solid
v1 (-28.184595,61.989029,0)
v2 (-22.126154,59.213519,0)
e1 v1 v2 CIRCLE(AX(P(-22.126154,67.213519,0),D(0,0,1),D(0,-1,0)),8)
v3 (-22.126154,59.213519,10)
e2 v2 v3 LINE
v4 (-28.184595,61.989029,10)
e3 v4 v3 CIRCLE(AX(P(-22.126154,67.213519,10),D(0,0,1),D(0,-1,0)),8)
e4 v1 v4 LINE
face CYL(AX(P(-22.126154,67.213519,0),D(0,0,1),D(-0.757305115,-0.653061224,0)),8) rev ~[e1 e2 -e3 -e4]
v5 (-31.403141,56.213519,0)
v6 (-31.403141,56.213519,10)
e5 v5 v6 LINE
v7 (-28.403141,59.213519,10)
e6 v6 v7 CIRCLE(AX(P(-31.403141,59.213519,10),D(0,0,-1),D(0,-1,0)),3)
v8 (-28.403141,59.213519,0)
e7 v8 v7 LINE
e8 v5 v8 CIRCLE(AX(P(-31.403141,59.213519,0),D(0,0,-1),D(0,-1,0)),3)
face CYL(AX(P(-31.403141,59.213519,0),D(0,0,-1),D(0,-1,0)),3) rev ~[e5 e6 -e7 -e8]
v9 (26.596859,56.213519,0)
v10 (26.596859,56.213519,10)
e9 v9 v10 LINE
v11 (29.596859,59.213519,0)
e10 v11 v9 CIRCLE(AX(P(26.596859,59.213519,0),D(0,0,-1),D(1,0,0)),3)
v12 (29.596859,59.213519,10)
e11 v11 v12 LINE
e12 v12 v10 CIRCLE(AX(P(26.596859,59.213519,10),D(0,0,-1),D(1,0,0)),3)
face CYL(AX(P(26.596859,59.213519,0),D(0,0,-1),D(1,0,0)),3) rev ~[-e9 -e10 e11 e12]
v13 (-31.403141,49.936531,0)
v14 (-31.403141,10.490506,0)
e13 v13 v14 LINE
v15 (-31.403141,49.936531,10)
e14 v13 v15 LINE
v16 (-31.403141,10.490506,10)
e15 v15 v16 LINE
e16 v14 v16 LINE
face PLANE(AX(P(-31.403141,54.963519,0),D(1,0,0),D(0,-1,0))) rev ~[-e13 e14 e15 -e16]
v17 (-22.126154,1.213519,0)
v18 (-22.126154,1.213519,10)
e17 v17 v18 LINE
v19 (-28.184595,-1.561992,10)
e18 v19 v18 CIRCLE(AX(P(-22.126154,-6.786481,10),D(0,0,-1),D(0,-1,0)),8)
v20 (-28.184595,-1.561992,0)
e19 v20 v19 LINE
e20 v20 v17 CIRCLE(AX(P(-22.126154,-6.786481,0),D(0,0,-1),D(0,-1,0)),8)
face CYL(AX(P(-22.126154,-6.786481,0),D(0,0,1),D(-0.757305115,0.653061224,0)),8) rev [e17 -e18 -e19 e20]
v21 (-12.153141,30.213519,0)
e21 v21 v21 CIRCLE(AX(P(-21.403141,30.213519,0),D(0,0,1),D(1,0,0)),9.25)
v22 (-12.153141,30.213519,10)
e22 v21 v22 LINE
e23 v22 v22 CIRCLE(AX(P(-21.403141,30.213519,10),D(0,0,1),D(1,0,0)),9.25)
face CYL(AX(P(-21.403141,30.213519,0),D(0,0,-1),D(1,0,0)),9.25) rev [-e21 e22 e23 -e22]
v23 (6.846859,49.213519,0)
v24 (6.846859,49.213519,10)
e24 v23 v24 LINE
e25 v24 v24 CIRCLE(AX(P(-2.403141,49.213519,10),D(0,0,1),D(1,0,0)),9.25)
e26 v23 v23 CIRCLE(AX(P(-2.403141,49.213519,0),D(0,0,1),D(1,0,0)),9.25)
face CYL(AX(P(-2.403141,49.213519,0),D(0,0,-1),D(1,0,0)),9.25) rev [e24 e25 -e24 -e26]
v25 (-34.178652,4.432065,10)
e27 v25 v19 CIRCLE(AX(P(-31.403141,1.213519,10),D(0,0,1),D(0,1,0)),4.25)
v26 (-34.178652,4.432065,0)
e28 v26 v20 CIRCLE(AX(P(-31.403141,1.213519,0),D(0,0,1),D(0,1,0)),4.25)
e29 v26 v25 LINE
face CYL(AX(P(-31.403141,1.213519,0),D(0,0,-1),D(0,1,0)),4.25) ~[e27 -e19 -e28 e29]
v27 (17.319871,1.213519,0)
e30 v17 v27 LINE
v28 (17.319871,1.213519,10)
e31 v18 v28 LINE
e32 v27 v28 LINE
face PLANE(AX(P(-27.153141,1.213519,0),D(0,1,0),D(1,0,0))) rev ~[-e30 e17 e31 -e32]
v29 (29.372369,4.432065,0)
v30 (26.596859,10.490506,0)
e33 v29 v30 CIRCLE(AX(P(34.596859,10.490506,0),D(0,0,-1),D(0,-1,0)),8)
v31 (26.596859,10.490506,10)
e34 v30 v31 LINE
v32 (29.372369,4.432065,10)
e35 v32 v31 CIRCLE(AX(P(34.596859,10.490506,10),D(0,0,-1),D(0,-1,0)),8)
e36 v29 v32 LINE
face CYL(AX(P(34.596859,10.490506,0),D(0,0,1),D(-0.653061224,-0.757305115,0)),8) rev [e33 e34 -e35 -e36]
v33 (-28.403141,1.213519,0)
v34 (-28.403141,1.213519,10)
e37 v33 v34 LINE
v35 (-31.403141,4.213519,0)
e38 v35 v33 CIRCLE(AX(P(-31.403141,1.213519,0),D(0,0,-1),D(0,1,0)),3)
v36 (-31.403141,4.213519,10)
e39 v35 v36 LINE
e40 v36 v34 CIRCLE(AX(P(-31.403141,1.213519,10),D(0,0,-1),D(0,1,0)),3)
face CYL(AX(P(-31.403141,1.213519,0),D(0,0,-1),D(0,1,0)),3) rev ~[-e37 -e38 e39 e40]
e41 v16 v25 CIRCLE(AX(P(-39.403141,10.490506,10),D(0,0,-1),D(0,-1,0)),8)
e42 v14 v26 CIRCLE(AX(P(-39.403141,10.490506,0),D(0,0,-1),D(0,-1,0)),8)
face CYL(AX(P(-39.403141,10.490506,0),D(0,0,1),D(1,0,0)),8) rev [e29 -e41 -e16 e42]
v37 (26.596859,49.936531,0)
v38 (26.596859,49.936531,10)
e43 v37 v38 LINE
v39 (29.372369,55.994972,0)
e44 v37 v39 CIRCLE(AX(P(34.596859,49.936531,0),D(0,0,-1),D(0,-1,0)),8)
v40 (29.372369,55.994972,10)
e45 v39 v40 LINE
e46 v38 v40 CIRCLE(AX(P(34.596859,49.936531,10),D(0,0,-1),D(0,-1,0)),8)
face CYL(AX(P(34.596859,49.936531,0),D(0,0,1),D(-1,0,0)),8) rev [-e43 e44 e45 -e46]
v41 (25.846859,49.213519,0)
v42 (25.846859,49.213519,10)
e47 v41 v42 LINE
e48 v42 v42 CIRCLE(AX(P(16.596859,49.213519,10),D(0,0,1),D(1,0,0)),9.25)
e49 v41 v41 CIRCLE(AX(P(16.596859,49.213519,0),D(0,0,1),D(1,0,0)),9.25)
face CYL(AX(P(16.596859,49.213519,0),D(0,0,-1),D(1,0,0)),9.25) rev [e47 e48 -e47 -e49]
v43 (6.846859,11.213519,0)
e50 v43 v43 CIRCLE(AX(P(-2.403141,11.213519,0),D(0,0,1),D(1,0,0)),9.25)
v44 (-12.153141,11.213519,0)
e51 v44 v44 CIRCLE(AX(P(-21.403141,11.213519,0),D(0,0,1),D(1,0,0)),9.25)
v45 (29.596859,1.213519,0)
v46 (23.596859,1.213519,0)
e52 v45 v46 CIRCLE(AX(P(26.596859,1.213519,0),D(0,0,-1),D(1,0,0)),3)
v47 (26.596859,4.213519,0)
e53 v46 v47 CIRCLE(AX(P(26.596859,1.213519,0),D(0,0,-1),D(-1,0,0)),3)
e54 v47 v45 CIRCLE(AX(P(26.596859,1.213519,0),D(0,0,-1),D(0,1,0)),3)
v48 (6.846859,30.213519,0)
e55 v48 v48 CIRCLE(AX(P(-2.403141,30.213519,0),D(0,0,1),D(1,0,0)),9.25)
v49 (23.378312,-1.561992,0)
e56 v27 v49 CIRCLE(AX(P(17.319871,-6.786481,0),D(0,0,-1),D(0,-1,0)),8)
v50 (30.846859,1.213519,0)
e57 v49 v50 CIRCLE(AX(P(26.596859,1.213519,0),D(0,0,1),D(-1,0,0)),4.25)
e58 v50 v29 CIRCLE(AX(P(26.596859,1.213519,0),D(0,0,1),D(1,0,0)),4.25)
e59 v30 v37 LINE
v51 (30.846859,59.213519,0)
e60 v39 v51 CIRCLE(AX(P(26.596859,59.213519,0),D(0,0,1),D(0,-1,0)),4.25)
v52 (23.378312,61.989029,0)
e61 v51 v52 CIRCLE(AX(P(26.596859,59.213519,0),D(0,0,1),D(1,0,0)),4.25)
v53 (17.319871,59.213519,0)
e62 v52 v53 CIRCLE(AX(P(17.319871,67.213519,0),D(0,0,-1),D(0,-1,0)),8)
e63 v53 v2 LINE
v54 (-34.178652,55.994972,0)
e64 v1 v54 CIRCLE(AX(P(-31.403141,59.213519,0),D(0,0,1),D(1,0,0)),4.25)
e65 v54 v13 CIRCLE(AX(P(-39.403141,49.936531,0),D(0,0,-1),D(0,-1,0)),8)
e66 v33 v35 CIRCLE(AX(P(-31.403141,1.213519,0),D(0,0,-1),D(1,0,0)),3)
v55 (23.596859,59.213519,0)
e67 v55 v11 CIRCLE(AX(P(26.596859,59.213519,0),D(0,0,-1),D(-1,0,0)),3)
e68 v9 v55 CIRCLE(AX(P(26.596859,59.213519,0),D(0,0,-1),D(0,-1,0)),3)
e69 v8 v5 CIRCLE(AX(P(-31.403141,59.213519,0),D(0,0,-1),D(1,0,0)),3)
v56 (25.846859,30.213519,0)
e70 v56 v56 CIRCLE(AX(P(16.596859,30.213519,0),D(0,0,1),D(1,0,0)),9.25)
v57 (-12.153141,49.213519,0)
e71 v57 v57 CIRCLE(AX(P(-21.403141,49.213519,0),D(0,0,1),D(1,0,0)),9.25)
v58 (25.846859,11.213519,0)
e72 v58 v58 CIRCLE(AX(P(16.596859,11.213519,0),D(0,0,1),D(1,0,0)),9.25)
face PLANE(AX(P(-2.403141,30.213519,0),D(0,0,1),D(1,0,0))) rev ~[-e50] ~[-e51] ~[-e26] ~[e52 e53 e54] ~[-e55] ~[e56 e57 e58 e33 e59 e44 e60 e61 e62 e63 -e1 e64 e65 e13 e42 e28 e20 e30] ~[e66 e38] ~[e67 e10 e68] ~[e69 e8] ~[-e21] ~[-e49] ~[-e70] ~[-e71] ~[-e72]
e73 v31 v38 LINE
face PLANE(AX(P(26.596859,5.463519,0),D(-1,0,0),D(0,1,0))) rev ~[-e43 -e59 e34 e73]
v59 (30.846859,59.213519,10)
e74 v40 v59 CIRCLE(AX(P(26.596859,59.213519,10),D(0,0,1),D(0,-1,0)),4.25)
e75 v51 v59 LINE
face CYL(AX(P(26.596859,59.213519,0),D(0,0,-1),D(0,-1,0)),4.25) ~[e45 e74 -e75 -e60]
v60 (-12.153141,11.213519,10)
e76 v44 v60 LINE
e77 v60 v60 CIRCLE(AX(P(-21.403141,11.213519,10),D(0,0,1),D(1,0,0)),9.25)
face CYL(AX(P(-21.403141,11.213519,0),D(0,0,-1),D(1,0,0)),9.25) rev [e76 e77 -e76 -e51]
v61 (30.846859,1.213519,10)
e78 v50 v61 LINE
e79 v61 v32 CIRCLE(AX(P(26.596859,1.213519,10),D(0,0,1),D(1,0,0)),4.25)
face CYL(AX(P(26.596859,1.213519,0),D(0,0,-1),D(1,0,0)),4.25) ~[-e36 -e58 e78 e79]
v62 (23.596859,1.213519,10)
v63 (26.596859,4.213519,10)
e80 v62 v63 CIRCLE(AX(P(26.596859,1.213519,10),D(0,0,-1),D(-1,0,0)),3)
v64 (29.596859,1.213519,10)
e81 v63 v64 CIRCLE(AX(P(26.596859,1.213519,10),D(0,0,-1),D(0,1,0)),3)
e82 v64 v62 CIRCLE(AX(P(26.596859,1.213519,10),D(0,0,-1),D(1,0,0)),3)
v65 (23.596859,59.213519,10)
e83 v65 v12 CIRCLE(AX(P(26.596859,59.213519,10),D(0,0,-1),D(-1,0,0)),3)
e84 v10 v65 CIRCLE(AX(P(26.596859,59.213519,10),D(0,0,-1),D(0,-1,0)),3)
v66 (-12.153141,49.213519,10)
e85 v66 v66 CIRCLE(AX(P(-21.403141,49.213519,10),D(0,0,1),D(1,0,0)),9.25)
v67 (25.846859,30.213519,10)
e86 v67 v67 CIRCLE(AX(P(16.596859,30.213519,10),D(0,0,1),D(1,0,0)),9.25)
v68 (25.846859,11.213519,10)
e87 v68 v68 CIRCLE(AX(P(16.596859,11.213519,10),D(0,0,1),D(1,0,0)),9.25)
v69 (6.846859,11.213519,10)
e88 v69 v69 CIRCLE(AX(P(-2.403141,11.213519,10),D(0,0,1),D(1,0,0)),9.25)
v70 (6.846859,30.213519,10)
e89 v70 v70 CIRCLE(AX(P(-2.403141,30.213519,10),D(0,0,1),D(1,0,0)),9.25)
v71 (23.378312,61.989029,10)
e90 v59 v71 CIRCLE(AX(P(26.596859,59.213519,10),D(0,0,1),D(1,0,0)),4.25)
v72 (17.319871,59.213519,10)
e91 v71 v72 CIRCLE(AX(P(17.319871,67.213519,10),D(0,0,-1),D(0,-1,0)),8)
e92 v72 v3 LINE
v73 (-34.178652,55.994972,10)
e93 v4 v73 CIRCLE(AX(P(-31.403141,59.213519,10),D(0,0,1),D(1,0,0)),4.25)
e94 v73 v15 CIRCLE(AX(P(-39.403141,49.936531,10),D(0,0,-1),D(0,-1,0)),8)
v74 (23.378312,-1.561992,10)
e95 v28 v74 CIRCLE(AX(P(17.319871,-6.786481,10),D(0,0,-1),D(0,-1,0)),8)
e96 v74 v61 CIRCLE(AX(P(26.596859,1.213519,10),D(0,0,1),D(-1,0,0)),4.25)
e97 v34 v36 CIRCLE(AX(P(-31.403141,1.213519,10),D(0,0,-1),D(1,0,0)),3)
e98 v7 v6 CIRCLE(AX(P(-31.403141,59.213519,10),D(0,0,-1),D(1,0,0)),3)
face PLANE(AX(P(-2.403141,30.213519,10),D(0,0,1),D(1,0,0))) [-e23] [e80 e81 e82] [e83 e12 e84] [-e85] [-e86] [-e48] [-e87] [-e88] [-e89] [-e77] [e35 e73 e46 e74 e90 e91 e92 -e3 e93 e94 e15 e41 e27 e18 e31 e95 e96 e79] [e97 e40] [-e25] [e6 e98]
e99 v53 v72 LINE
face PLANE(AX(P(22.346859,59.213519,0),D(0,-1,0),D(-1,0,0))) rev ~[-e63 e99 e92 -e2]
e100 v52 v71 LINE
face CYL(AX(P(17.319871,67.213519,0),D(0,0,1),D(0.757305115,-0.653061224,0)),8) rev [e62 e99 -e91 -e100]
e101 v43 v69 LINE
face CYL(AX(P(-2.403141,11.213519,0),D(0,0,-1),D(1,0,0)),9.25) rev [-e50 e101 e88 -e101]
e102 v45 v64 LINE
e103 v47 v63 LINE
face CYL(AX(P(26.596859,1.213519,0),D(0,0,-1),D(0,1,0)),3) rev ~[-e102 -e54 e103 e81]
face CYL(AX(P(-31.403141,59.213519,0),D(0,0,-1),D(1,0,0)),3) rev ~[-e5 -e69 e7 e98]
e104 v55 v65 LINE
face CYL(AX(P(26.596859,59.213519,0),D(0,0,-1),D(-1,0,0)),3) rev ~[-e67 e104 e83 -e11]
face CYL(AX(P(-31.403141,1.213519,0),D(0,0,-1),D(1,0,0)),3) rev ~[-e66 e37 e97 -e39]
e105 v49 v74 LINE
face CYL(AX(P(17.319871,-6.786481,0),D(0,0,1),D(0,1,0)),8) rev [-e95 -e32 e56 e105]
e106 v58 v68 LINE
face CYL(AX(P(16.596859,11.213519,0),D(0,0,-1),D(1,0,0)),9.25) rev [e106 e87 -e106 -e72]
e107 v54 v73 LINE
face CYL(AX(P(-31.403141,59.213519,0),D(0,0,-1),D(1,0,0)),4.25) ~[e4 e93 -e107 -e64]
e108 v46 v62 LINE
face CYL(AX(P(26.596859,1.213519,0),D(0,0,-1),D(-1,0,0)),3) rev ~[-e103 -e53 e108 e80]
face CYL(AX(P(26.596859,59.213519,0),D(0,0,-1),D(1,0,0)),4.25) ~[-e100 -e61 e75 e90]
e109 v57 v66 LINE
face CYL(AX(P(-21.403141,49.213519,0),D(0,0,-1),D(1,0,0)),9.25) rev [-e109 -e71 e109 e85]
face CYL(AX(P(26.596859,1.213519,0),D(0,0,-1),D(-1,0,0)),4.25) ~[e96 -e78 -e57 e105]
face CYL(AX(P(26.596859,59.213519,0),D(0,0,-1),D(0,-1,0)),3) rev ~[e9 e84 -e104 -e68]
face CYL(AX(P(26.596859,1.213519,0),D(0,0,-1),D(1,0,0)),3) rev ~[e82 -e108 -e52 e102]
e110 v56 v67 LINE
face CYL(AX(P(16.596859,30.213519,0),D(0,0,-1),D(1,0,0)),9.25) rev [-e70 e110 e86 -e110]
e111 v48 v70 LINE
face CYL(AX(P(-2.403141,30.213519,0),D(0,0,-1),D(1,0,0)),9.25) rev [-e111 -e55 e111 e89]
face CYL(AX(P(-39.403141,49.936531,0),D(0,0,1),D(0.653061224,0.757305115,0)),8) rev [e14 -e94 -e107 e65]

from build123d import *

# Parameters (mm, degrees)
F0_R     = 9.25
F1_DEPTH = 10
F2_R     = 8


with BuildPart() as f1:
    # F0 (on Top) → F1 (new body)
    with BuildSketch(Plane.XY):
        with BuildLine():
            Line((22.3468586802, 59.2135186791), (-27.1531413198, 59.2135186791))
            ThreePointArc((-27.1531413198, 59.2135186791), (-28.3979374997, 56.2083148591), (-31.4031413198, 54.9635186791))
            Line((-31.4031413198, 54.9635186791), (-31.4031413198, 5.4635186791))
            ThreePointArc((-31.4031413198, 5.4635186791), (-28.3979374997, 4.2187224992), (-27.1531413198, 1.2135186791))
            Line((-27.1531413198, 1.2135186791), (22.3468586802, 1.2135186791))
            ThreePointArc((22.3468586802, 1.2135186791), (23.5916548602, 4.2187224992), (26.5968586802, 5.4635186791))
            Line((26.5968586802, 5.4635186791), (26.5968586802, 54.9635186791))
            ThreePointArc((26.5968586802, 54.9635186791), (23.5916548602, 56.2083148591), (22.3468586802, 59.2135186791))
        make_face()
        with Locations((-21.4031413198, 11.2135186791)):
            Circle(F0_R, mode=Mode.SUBTRACT)
        with Locations((-2.4031413198, 11.2135186791)):
            Circle(F0_R, mode=Mode.SUBTRACT)
        with Locations((16.5968586802, 11.2135186791)):
            Circle(F0_R, mode=Mode.SUBTRACT)
        with Locations((-21.4031413198, 30.2135186791)):
            Circle(F0_R, mode=Mode.SUBTRACT)
        with Locations((-21.4031413198, 49.2135186791)):
            Circle(F0_R, mode=Mode.SUBTRACT)
        with Locations((-2.4031413198, 30.2135186791)):
            Circle(F0_R, mode=Mode.SUBTRACT)
        with Locations((16.5968586802, 30.2135186791)):
            Circle(F0_R, mode=Mode.SUBTRACT)
        with Locations((-2.4031413198, 49.2135186791)):
            Circle(F0_R, mode=Mode.SUBTRACT)
        with Locations((16.5968586802, 49.2135186791)):
            Circle(F0_R, mode=Mode.SUBTRACT)
        with BuildLine():
            Line((-28.4031413198, 59.2135186791), (-27.1531413198, 59.2135186791))
            ThreePointArc((-27.1531413198, 59.2135186791), (-34.4083451398, 62.2187224992), (-31.4031413198, 54.9635186791))
            Line((-31.4031413198, 54.9635186791), (-31.4031413198, 56.2135186791))
            ThreePointArc((-31.4031413198, 56.2135186791), (-33.5244616633, 61.3348390227), (-28.4031413198, 59.2135186791))
        make_face()
        with BuildLine():
            ThreePointArc((-31.4031413198, 54.9635186791), (-28.3979374997, 56.2083148591), (-27.1531413198, 59.2135186791))
            Line((-27.1531413198, 59.2135186791), (-28.4031413198, 59.2135186791))
            ThreePointArc((-28.4031413198, 59.2135186791), (-29.2818209762, 57.0921983356), (-31.4031413198, 56.2135186791))
            Line((-31.4031413198, 56.2135186791), (-31.4031413198, 54.9635186791))
        make_face()
        with BuildLine():
            ThreePointArc((-27.1531413198, 1.2135186791), (-28.3979374997, 4.2187224992), (-31.4031413198, 5.4635186791))
            Line((-31.4031413198, 5.4635186791), (-31.4031413198, 4.2135186791))
            ThreePointArc((-31.4031413198, 4.2135186791), (-29.2818209762, 3.3348390227), (-28.4031413198, 1.2135186791))
            Line((-28.4031413198, 1.2135186791), (-27.1531413198, 1.2135186791))
        make_face()
        with BuildLine():
            Line((-31.4031413198, 4.2135186791), (-31.4031413198, 5.4635186791))
            ThreePointArc((-31.4031413198, 5.4635186791), (-34.4083451398, -1.7916851409), (-27.1531413198, 1.2135186791))
            Line((-27.1531413198, 1.2135186791), (-28.4031413198, 1.2135186791))
            ThreePointArc((-28.4031413198, 1.2135186791), (-33.5244616633, -0.9078016644), (-31.4031413198, 4.2135186791))
        make_face()
        with BuildLine():
            Line((26.5968586802, 4.2135186791), (26.5968586802, 5.4635186791))
            ThreePointArc((26.5968586802, 5.4635186791), (23.5916548602, 4.2187224992), (22.3468586802, 1.2135186791))
            Line((22.3468586802, 1.2135186791), (23.5968586802, 1.2135186791))
            ThreePointArc((23.5968586802, 1.2135186791), (24.4755383367, 3.3348390227), (26.5968586802, 4.2135186791))
        make_face()
        with BuildLine():
            ThreePointArc((30.8468586802, 1.2135186791), (29.6020625003, 4.2187224992), (26.5968586802, 5.4635186791))
            Line((26.5968586802, 5.4635186791), (26.5968586802, 4.2135186791))
            ThreePointArc((26.5968586802, 4.2135186791), (28.7181790238, 3.3348390227), (29.5968586802, 1.2135186791))
            ThreePointArc((29.5968586802, 1.2135186791), (26.5968586802, -1.7864813209), (23.5968586802, 1.2135186791))
            Line((23.5968586802, 1.2135186791), (22.3468586802, 1.2135186791))
            ThreePointArc((22.3468586802, 1.2135186791), (26.5968586802, -3.0364813209), (30.8468586802, 1.2135186791))
        make_face()
        with BuildLine():
            Line((23.5968586802, 59.2135186791), (22.3468586802, 59.2135186791))
            ThreePointArc((22.3468586802, 59.2135186791), (23.5916548602, 56.2083148591), (26.5968586802, 54.9635186791))
            Line((26.5968586802, 54.9635186791), (26.5968586802, 56.2135186791))
            ThreePointArc((26.5968586802, 56.2135186791), (24.4755383367, 57.0921983356), (23.5968586802, 59.2135186791))
        make_face()
        with BuildLine():
            ThreePointArc((30.8468586802, 59.2135186791), (26.5968586802, 63.4635186791), (22.3468586802, 59.2135186791))
            Line((22.3468586802, 59.2135186791), (23.5968586802, 59.2135186791))
            ThreePointArc((23.5968586802, 59.2135186791), (26.5968586802, 62.2135186791), (29.5968586802, 59.2135186791))
            ThreePointArc((29.5968586802, 59.2135186791), (28.7181790238, 57.0921983356), (26.5968586802, 56.2135186791))
            Line((26.5968586802, 56.2135186791), (26.5968586802, 54.9635186791))
            ThreePointArc((26.5968586802, 54.9635186791), (29.6020625003, 56.2083148591), (30.8468586802, 59.2135186791))
        make_face()
    extrude(amount=F1_DEPTH)

    # F2
    f2_edges = [f1.edges().sort_by_distance(p)[0] for p in [
        (26.596859, 54.963519, 5),
        (22.346859, 59.213519, 5),
        (-27.153141, 59.213519, 5),
        (-27.153141, 1.213519, 5),
        (-31.403141, 5.463519, 5),
        (-31.403141, 54.963519, 5),
        (22.346859, 1.213519, 5),
        (26.596859, 5.463519, 5),
    ]]
    fillet(f2_edges, radius=F2_R)


solid = f1.part
